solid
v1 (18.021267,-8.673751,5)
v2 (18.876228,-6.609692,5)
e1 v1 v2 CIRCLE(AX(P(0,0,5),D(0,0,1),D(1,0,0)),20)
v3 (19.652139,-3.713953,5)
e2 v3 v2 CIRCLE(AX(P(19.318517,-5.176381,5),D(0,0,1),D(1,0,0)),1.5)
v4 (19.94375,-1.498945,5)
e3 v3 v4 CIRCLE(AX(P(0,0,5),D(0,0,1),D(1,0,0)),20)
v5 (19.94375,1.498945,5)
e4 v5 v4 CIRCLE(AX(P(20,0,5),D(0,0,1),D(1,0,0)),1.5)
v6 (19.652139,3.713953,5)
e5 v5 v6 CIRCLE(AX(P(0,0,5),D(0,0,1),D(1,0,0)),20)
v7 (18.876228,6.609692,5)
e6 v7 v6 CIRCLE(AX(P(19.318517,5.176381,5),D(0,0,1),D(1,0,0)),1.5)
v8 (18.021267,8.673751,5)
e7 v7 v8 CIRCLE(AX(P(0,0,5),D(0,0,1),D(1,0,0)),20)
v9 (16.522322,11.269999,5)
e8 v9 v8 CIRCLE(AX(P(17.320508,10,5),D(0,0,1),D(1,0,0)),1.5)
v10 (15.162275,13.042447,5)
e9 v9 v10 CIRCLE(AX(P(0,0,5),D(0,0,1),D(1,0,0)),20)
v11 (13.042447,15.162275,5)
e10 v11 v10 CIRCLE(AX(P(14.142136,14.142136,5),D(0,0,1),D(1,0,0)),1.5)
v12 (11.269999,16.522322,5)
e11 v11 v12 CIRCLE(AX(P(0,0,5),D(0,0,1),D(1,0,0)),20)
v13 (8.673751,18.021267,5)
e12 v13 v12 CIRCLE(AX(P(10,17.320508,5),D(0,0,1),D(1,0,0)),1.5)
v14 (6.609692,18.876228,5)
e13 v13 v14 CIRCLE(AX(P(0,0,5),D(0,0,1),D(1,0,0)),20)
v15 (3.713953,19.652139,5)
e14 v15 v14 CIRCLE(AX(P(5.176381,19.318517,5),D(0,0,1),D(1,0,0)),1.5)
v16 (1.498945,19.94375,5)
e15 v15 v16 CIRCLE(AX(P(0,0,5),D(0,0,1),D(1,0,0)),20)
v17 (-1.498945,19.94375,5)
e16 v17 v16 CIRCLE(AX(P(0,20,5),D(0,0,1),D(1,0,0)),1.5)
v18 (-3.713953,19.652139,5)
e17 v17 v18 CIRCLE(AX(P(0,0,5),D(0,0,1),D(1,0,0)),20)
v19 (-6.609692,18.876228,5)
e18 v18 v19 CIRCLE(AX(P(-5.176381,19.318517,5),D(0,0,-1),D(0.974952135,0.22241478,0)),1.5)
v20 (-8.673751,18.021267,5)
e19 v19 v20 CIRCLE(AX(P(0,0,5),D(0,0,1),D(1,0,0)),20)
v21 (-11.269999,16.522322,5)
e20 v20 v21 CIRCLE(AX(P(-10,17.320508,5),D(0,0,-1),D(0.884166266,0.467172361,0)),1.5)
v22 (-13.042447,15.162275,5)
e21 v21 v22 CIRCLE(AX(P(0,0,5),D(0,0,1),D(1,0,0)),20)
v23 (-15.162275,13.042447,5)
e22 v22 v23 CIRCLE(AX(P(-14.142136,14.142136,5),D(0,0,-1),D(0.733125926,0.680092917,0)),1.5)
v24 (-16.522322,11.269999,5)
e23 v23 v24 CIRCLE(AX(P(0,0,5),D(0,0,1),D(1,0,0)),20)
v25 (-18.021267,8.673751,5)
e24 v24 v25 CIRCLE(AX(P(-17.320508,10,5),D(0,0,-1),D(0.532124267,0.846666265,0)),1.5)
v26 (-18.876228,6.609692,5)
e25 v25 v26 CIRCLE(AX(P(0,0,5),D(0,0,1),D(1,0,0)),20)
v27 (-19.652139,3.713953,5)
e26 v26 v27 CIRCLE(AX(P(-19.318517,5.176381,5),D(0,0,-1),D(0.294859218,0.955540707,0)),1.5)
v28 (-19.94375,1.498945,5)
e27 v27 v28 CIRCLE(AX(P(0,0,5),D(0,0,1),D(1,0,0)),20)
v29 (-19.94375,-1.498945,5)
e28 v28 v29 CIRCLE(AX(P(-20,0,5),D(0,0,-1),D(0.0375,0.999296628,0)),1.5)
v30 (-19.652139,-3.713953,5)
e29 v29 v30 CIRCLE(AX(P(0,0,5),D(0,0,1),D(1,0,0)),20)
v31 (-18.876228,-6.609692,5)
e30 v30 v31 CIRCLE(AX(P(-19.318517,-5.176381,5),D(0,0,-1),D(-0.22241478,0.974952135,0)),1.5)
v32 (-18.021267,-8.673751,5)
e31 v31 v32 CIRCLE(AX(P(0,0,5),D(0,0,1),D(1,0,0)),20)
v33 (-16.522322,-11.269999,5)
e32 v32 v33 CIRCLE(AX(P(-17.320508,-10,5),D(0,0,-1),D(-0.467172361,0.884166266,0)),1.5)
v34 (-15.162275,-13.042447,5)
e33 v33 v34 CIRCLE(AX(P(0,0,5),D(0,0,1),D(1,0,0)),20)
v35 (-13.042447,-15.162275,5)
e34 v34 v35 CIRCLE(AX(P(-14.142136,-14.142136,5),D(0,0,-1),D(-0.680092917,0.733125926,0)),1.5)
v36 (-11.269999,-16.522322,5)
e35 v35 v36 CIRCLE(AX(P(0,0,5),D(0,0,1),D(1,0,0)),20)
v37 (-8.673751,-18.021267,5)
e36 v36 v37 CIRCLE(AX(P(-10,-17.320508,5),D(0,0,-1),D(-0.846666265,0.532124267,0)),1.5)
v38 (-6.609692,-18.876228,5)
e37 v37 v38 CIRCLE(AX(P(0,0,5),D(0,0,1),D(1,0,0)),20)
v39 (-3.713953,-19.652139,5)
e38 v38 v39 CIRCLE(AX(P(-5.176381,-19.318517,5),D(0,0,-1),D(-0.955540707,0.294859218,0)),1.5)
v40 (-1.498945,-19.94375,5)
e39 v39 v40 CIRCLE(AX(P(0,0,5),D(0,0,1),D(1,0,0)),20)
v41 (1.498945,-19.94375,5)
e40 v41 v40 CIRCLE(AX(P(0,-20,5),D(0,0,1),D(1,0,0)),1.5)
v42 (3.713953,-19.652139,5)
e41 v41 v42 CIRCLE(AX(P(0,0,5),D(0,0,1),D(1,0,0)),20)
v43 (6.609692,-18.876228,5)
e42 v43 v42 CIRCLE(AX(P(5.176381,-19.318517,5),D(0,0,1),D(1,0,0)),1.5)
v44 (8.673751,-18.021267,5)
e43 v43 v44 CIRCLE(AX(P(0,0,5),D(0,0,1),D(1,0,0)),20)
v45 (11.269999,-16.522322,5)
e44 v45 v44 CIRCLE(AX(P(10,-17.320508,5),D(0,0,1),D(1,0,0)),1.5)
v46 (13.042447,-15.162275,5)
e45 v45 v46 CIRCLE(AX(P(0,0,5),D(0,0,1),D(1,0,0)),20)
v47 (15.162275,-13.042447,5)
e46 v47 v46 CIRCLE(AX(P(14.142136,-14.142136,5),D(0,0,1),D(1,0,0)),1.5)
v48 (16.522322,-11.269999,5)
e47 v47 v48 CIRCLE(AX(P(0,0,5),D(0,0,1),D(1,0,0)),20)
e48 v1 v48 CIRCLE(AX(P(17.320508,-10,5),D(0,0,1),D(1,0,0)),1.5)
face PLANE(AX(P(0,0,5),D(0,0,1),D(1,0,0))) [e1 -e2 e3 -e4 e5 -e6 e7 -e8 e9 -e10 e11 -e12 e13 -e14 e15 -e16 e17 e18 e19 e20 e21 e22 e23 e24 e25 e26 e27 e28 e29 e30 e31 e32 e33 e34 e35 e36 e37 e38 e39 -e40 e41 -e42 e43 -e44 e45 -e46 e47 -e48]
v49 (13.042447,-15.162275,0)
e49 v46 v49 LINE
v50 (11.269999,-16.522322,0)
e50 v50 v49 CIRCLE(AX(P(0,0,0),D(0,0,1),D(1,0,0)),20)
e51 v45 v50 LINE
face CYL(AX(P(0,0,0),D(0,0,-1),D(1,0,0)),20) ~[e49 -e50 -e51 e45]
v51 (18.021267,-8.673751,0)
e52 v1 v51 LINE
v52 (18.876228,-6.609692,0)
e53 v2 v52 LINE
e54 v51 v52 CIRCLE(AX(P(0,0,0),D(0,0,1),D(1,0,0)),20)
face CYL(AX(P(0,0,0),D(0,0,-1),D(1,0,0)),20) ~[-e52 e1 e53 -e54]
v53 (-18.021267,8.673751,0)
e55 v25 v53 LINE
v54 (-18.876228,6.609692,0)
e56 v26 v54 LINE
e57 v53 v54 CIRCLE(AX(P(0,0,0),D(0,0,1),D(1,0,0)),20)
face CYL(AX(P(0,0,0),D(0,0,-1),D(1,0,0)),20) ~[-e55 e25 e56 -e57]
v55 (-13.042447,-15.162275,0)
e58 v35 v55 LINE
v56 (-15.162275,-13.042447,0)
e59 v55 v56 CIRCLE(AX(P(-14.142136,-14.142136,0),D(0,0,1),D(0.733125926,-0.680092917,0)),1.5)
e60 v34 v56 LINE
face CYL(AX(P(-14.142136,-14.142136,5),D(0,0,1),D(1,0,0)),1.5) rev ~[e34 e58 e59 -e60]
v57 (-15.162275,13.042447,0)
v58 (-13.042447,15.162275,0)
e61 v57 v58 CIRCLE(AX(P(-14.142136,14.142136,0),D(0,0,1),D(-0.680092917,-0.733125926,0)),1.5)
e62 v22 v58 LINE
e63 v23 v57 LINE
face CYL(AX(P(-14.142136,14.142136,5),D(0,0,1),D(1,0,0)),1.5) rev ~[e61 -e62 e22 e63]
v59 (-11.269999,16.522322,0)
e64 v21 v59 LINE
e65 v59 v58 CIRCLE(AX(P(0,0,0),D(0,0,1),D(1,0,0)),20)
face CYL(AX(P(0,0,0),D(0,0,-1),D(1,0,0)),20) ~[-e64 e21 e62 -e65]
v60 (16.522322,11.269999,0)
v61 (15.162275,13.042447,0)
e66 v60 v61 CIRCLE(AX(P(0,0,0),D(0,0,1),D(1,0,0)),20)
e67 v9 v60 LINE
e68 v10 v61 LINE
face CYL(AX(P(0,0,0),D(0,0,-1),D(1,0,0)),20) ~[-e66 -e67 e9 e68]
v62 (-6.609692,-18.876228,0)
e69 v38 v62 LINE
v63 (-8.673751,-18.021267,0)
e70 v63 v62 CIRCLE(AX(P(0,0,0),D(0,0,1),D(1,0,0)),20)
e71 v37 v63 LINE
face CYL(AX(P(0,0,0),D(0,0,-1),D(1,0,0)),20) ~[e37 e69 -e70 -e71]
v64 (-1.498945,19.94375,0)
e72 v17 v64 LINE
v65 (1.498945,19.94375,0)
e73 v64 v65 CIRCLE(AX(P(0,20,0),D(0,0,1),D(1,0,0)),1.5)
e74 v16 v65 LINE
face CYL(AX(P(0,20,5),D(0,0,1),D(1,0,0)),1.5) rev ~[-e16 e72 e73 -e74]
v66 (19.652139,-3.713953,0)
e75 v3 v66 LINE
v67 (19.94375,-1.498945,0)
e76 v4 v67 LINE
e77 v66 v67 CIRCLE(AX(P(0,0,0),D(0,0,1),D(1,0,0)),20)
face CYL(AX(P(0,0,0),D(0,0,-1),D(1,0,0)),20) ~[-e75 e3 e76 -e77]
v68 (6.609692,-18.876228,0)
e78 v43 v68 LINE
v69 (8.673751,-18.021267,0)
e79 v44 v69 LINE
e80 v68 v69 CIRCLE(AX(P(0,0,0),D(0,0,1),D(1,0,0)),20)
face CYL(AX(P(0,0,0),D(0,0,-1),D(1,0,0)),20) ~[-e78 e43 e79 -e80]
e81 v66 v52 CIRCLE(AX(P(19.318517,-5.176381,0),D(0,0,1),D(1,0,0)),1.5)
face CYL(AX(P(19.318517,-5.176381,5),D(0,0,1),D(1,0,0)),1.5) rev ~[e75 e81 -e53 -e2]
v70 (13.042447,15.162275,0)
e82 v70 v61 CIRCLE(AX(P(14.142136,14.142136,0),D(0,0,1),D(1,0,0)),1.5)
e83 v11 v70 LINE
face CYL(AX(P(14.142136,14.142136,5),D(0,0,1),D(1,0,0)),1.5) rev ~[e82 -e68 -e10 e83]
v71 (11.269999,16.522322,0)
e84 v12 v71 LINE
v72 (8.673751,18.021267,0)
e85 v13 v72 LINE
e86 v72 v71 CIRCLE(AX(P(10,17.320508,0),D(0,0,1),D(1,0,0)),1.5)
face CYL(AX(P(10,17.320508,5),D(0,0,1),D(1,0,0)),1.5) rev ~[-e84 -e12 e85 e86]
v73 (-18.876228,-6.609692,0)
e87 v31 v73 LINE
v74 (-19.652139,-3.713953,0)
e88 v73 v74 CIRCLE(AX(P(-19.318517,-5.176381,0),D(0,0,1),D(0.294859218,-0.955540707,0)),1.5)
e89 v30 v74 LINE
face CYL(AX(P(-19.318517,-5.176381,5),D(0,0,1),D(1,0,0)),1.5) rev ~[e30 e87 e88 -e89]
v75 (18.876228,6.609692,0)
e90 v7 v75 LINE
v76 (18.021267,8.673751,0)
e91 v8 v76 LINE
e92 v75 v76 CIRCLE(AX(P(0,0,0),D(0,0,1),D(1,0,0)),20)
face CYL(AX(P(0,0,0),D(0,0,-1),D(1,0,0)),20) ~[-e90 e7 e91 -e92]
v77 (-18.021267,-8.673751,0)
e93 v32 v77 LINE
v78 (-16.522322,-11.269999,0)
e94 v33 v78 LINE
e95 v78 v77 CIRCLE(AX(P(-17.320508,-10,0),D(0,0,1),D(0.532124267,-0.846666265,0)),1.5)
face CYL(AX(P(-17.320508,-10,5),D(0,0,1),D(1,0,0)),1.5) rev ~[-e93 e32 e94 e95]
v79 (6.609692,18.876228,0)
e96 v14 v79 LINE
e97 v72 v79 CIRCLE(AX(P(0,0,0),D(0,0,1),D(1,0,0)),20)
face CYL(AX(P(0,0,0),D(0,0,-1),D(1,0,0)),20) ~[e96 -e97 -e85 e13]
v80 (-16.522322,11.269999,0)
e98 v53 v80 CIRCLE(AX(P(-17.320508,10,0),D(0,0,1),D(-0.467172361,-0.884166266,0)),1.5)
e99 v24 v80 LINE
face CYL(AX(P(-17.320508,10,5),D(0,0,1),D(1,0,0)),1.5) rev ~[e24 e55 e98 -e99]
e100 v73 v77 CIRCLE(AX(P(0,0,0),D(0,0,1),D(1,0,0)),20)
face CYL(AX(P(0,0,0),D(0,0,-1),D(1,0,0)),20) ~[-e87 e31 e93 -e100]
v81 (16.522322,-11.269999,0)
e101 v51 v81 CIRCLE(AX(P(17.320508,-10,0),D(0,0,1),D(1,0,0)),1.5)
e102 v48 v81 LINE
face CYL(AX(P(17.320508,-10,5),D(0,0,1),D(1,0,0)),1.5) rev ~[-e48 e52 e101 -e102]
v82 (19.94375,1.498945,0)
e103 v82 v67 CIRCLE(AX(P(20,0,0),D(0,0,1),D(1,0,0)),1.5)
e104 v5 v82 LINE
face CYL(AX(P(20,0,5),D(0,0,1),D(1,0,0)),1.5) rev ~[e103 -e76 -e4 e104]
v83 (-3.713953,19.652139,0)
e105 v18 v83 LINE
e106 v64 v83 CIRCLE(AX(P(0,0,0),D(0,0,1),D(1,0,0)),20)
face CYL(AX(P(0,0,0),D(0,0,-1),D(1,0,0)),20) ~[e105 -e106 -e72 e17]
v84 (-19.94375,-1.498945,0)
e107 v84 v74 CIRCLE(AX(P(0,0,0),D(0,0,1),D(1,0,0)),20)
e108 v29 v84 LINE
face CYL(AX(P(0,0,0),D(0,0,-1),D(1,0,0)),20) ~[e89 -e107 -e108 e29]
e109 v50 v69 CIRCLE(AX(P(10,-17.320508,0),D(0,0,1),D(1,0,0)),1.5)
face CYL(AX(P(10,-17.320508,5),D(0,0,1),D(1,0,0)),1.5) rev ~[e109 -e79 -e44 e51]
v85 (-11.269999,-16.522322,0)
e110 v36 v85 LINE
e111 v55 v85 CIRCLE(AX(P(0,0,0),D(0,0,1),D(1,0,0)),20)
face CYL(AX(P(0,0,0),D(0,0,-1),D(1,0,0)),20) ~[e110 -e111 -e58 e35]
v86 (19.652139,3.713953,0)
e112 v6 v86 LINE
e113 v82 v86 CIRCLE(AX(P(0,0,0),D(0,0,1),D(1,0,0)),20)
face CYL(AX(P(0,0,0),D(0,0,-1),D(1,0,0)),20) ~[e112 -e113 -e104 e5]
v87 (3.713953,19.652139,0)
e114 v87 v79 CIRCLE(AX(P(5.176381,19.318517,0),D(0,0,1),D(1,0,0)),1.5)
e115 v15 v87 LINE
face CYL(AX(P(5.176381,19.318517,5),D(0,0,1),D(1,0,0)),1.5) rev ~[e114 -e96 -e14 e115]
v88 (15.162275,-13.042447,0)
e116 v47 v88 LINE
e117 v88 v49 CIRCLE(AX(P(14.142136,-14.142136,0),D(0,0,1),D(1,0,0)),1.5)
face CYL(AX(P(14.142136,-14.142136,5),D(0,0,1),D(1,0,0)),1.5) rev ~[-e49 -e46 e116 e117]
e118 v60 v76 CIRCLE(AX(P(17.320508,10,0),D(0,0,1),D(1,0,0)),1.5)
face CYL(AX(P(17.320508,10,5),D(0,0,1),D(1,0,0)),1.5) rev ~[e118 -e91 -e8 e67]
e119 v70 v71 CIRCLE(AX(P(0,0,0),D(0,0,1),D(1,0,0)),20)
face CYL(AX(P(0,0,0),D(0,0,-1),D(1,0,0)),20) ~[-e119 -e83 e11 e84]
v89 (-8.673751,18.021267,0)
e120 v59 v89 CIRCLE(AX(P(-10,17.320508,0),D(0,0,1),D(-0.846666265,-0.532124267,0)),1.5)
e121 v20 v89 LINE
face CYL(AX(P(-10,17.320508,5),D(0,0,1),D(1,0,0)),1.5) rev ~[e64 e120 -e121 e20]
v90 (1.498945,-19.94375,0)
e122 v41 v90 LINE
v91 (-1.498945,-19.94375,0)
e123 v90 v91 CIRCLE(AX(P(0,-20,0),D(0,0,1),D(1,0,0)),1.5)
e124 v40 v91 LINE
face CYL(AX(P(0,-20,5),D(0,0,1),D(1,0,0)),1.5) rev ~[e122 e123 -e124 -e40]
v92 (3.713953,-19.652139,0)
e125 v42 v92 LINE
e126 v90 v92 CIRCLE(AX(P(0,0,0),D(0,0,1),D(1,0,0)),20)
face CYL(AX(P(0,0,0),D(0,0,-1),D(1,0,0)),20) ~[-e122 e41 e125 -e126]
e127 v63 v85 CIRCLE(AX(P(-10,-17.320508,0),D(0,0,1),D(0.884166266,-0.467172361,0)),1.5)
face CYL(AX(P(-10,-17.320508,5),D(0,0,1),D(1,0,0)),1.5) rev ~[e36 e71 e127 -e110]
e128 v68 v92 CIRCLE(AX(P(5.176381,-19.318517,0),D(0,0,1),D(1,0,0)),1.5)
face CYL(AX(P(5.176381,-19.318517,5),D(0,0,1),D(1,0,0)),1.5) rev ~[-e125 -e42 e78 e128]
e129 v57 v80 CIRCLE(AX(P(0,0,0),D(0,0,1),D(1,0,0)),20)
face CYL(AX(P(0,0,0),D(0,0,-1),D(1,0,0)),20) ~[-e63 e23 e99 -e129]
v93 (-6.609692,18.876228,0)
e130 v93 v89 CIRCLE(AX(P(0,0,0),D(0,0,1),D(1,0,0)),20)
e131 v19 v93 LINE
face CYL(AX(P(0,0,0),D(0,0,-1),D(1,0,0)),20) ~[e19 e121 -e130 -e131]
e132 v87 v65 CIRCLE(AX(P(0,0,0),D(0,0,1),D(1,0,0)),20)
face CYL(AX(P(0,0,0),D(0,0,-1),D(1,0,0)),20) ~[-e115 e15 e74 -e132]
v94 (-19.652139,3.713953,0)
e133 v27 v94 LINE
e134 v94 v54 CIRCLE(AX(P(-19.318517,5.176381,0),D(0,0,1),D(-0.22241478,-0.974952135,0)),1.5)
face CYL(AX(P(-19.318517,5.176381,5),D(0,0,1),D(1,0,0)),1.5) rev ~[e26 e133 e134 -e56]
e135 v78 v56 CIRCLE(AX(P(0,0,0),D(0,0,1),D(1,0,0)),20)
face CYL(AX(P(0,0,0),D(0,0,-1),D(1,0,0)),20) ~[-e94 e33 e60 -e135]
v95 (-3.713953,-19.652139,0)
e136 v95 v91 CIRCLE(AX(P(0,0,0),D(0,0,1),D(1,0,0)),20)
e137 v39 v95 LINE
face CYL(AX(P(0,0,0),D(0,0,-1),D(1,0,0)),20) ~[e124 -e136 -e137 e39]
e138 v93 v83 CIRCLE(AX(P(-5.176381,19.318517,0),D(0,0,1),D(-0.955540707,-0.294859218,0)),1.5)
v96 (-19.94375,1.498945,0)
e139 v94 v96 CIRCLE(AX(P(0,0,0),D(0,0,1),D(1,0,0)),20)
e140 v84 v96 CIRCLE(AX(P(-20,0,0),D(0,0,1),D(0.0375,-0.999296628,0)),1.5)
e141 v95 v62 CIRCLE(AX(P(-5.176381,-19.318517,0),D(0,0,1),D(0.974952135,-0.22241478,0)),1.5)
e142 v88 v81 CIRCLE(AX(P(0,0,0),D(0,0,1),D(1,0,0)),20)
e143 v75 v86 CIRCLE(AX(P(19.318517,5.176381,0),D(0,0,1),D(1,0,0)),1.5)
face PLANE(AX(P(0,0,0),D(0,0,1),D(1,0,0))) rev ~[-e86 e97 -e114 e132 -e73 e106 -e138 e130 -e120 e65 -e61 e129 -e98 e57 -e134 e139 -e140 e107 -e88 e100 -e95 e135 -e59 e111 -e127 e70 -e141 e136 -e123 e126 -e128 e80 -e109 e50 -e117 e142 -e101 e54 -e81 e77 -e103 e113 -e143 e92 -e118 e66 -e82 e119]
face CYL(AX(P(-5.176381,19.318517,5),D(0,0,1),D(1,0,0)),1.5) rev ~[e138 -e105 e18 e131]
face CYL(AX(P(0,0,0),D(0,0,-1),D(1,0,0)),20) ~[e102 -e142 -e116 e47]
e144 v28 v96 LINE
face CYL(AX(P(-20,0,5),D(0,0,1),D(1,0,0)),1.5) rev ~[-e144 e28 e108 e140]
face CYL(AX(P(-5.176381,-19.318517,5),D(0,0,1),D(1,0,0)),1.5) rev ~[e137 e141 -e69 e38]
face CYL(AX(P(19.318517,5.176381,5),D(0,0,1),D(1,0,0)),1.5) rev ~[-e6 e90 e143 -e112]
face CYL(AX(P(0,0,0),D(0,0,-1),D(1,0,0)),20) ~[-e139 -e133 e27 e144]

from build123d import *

# Parameters (mm, degrees)
SKETCH1_R           = 20
BOSS_EXTRUDE1_DEPTH = 5
SKETCH3_R           = 1.5
CUT_EXTRUDE1_DEPTH  = 5


with BuildPart() as part:
    # Sketch1 → Boss-Extrude1 (new body)
    with BuildSketch(Plane.XY):
        Circle(SKETCH1_R)
    extrude(amount=BOSS_EXTRUDE1_DEPTH)

    # Sketch3 → Cut-Extrude1 (cut)
    with BuildSketch(Plane.XY.offset(5)):
        with Locations((0, 20)):
            Circle(SKETCH3_R)
        with Locations((5.176380902, 19.318516526)):
            Circle(SKETCH3_R)
        with Locations((10, 17.320508076)):
            Circle(SKETCH3_R)
        with Locations((14.142135624, 14.142135624)):
            Circle(SKETCH3_R)
        with Locations((17.320508076, 10)):
            Circle(SKETCH3_R)
        with Locations((19.318516526, 5.176380902)):
            Circle(SKETCH3_R)
        with Locations((20, 0)):
            Circle(SKETCH3_R)
        with Locations((19.318516526, -5.176380902)):
            Circle(SKETCH3_R)
        with Locations((17.320508076, -10)):
            Circle(SKETCH3_R)
        with Locations((14.142135624, -14.142135624)):
            Circle(SKETCH3_R)
        with Locations((10, -17.320508076)):
            Circle(SKETCH3_R)
        with Locations((5.176380902, -19.318516526)):
            Circle(SKETCH3_R)
        with Locations((0, -20)):
            Circle(SKETCH3_R)
        with Locations((-5.176380902, -19.318516526)):
            Circle(SKETCH3_R)
        with Locations((-10, -17.320508076)):
            Circle(SKETCH3_R)
        with Locations((-14.142135624, -14.142135624)):
            Circle(SKETCH3_R)
        with Locations((-17.320508076, -10)):
            Circle(SKETCH3_R)
        with Locations((-19.318516526, -5.176380902)):
            Circle(SKETCH3_R)
        with Locations((-20, 0)):
            Circle(SKETCH3_R)
        with Locations((-19.318516526, 5.176380902)):
            Circle(SKETCH3_R)
        with Locations((-17.320508076, 10)):
            Circle(SKETCH3_R)
        with Locations((-14.142135624, 14.142135624)):
            Circle(SKETCH3_R)
        with Locations((-10, 17.320508076)):
            Circle(SKETCH3_R)
        with Locations((-5.176380902, 19.318516526)):
            Circle(SKETCH3_R)
    extrude(amount=-CUT_EXTRUDE1_DEPTH, mode=Mode.SUBTRACT)


solid = part.part
